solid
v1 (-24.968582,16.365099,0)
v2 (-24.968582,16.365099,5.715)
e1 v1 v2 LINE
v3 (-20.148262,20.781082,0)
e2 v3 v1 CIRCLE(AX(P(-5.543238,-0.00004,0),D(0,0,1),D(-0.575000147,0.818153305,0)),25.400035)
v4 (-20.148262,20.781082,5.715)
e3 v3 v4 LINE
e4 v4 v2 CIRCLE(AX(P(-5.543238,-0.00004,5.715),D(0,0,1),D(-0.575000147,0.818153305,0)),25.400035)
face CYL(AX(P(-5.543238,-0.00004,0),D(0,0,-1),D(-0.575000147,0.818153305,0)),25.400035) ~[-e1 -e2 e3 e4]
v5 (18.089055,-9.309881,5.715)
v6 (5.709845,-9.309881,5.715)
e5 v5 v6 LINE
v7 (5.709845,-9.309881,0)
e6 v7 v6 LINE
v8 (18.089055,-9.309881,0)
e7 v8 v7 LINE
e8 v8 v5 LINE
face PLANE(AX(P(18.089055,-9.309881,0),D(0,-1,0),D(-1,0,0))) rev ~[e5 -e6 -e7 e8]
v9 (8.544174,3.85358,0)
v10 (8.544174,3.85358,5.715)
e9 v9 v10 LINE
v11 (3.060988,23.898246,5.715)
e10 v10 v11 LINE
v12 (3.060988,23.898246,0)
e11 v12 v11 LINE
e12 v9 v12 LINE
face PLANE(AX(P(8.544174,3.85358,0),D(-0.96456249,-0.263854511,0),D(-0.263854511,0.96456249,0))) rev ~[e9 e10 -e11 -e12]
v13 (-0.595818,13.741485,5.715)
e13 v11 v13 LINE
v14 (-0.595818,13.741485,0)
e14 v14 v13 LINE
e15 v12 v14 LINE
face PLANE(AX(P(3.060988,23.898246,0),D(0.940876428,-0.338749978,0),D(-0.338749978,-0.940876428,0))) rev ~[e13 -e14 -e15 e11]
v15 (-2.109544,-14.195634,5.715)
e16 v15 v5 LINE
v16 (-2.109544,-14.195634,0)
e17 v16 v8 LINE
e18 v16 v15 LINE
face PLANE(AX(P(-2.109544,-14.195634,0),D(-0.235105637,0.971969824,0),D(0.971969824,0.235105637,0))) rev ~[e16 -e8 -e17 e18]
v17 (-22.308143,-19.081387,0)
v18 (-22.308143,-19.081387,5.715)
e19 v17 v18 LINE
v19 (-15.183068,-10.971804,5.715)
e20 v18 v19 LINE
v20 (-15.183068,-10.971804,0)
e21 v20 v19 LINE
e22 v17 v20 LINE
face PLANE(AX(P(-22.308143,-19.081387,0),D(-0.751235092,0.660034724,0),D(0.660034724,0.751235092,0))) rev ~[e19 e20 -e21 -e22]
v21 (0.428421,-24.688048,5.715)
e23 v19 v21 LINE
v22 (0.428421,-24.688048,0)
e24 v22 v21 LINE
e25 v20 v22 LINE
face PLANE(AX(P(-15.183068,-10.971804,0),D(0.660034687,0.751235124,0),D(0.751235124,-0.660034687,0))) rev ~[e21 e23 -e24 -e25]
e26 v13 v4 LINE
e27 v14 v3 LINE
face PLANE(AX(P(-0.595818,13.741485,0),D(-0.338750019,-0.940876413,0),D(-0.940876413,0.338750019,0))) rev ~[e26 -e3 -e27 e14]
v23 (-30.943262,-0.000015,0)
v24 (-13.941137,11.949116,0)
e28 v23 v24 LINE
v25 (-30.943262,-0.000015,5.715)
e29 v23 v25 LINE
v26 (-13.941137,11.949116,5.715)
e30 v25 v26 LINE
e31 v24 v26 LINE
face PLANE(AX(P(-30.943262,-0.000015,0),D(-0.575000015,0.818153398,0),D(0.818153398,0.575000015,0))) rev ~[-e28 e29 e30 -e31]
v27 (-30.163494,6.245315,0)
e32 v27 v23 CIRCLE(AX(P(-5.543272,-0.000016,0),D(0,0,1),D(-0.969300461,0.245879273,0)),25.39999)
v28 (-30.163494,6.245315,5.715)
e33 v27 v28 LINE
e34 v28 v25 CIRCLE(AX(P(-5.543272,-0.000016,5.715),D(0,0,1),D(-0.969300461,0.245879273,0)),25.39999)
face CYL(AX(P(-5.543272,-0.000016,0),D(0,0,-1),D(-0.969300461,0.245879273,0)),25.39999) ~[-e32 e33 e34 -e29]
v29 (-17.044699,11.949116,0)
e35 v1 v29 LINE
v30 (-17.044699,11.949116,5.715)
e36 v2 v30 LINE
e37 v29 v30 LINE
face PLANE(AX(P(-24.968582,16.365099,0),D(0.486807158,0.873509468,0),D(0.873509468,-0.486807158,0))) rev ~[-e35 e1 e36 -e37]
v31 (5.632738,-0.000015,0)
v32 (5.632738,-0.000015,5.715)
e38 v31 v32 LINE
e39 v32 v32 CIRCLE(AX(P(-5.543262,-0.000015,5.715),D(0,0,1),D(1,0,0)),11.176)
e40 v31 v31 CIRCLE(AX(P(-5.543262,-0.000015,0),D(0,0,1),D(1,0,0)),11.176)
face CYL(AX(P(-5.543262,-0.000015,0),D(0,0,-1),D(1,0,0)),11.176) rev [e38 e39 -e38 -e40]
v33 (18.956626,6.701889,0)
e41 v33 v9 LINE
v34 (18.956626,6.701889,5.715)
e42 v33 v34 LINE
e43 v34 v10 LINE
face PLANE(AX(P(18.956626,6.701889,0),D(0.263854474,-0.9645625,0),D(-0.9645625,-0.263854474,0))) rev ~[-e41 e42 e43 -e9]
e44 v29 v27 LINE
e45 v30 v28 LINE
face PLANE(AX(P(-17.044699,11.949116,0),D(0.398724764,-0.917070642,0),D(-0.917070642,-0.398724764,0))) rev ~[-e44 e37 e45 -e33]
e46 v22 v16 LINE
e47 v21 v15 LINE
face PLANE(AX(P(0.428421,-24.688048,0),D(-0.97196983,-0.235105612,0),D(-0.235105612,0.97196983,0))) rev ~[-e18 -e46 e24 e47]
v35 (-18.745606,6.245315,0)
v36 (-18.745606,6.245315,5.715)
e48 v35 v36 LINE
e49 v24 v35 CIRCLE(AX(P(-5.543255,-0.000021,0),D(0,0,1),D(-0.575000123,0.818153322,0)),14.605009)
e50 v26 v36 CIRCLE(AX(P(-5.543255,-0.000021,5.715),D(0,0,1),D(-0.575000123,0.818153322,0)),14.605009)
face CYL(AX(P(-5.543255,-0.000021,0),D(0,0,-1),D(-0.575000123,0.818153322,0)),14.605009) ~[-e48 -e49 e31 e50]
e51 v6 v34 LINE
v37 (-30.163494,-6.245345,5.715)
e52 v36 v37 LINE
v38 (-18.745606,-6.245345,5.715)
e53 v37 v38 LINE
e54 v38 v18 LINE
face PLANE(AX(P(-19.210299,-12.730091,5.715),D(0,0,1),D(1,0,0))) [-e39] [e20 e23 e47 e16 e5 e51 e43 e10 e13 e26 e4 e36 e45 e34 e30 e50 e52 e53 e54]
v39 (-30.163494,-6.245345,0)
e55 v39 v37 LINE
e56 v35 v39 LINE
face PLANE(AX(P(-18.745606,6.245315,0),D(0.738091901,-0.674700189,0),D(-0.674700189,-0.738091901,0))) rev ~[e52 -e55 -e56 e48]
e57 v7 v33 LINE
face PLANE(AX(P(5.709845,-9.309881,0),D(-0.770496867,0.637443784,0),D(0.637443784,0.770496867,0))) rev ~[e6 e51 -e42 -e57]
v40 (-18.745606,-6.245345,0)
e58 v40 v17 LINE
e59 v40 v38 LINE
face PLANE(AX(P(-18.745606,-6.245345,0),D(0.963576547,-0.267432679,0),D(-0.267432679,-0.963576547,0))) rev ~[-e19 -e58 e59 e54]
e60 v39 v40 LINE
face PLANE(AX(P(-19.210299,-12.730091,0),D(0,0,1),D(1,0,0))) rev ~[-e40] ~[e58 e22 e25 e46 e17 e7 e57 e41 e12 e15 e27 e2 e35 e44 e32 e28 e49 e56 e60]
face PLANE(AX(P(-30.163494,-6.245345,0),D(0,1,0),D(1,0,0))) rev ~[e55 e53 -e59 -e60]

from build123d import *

# Parameters (mm, degrees)
F0_R     = 11.176
F1_DEPTH = 5.715


with BuildPart() as f1:
    # F0 (on Top) → F1 (new body)
    with BuildSketch(Plane.XY):
        with BuildLine():
            Line((-22.308143, -19.081387), (-15.183068, -10.971804))
            ThreePointArc((-15.183068, -10.971804), (-17.206272, -8.790931), (-18.745606, -6.245345))
            Line((-18.745606, -6.245345), (-22.308143, -19.081387))
        make_face()
        with BuildLine():
            ThreePointArc((-18.745606, -6.245345), (-20.148262, -1.5e-05), (-18.745606, 6.245315))
            Line((-18.745606, 6.245315), (-24.45455, -1.5e-05))
            Line((-24.45455, -1.5e-05), (-30.163494, -6.245345))
            Line((-30.163494, -6.245345), (-18.745606, -6.245345))
        make_face()
        with BuildLine():
            Line((0.428421, -24.688048), (-2.109544, -14.195634))
            ThreePointArc((-2.109544, -14.195634), (-9.039997, -14.180243), (-15.183068, -10.971804))
            Line((-15.183068, -10.971804), (0.428421, -24.688048))
        make_face()
        with BuildLine():
            Line((18.089055, -9.309881), (5.709845, -9.309881))
            ThreePointArc((5.709845, -9.309881), (2.195818, -12.386002), (-2.109544, -14.195634))
            Line((-2.109544, -14.195634), (18.089055, -9.309881))
        make_face()
        with BuildLine():
            ThreePointArc((-0.595818, 13.741485), (5.181678, 9.913698), (8.544174, 3.85358))
            Line((8.544174, 3.85358), (3.060988, 23.898246))
            Line((3.060988, 23.898246), (-0.595818, 13.741485))
        make_face()
        with BuildLine():
            ThreePointArc((-13.941137, 11.949116), (-7.48736, 14.475016), (-0.595818, 13.741485))
            Line((-0.595818, 13.741485), (-20.148262, 20.781082))
            Line((-20.148262, 20.781082), (-13.941137, 11.949116))
        make_face()
        with BuildLine():
            ThreePointArc((8.544174, 3.85358), (8.931769, 1.944083), (9.061738, -1.5e-05))
            ThreePointArc((9.061738, -1.5e-05), (8.198238, -4.947459), (5.709845, -9.309881))
            Line((5.709845, -9.309881), (18.956626, 6.701889))
            Line((18.956626, 6.701889), (8.544174, 3.85358))
        make_face()
        with BuildLine():
            Line((-30.943262, -1.5e-05), (-13.941137, 11.949116))
            Line((-13.941137, 11.949116), (-20.148262, 20.781082))
            ThreePointArc((-20.148262, 20.781082), (-22.701085, 18.728816), (-24.968582, 16.365099))
            Line((-24.968582, 16.365099), (-17.044699, 11.949116))
            Line((-17.044699, 11.949116), (-30.163494, 6.245315))
            ThreePointArc((-30.163494, 6.245315), (-30.747566, 3.146896), (-30.943262, -1.5e-05))
        make_face()
        with BuildLine():
            ThreePointArc((5.709845, -9.309881), (8.198238, -4.947459), (9.061738, -1.5e-05))
            ThreePointArc((9.061738, -1.5e-05), (8.931769, 1.944083), (8.544174, 3.85358))
            ThreePointArc((8.544174, 3.85358), (5.181678, 9.913698), (-0.595818, 13.741485))
            ThreePointArc((-0.595818, 13.741485), (-7.48736, 14.475016), (-13.941137, 11.949116))
            ThreePointArc((-13.941137, 11.949116), (-16.713566, 9.409041), (-18.745606, 6.245315))
            ThreePointArc((-18.745606, 6.245315), (-20.148262, -1.5e-05), (-18.745606, -6.245345))
            ThreePointArc((-18.745606, -6.245345), (-17.206272, -8.790931), (-15.183068, -10.971804))
            ThreePointArc((-15.183068, -10.971804), (-9.039997, -14.180243), (-2.109544, -14.195634))
            ThreePointArc((-2.109544, -14.195634), (2.195818, -12.386002), (5.709845, -9.309881))
        make_face()
        with Locations((-5.543262, -1.5e-05)):
            Circle(F0_R, mode=Mode.SUBTRACT)
    extrude(amount=F1_DEPTH)


solid = f1.part
